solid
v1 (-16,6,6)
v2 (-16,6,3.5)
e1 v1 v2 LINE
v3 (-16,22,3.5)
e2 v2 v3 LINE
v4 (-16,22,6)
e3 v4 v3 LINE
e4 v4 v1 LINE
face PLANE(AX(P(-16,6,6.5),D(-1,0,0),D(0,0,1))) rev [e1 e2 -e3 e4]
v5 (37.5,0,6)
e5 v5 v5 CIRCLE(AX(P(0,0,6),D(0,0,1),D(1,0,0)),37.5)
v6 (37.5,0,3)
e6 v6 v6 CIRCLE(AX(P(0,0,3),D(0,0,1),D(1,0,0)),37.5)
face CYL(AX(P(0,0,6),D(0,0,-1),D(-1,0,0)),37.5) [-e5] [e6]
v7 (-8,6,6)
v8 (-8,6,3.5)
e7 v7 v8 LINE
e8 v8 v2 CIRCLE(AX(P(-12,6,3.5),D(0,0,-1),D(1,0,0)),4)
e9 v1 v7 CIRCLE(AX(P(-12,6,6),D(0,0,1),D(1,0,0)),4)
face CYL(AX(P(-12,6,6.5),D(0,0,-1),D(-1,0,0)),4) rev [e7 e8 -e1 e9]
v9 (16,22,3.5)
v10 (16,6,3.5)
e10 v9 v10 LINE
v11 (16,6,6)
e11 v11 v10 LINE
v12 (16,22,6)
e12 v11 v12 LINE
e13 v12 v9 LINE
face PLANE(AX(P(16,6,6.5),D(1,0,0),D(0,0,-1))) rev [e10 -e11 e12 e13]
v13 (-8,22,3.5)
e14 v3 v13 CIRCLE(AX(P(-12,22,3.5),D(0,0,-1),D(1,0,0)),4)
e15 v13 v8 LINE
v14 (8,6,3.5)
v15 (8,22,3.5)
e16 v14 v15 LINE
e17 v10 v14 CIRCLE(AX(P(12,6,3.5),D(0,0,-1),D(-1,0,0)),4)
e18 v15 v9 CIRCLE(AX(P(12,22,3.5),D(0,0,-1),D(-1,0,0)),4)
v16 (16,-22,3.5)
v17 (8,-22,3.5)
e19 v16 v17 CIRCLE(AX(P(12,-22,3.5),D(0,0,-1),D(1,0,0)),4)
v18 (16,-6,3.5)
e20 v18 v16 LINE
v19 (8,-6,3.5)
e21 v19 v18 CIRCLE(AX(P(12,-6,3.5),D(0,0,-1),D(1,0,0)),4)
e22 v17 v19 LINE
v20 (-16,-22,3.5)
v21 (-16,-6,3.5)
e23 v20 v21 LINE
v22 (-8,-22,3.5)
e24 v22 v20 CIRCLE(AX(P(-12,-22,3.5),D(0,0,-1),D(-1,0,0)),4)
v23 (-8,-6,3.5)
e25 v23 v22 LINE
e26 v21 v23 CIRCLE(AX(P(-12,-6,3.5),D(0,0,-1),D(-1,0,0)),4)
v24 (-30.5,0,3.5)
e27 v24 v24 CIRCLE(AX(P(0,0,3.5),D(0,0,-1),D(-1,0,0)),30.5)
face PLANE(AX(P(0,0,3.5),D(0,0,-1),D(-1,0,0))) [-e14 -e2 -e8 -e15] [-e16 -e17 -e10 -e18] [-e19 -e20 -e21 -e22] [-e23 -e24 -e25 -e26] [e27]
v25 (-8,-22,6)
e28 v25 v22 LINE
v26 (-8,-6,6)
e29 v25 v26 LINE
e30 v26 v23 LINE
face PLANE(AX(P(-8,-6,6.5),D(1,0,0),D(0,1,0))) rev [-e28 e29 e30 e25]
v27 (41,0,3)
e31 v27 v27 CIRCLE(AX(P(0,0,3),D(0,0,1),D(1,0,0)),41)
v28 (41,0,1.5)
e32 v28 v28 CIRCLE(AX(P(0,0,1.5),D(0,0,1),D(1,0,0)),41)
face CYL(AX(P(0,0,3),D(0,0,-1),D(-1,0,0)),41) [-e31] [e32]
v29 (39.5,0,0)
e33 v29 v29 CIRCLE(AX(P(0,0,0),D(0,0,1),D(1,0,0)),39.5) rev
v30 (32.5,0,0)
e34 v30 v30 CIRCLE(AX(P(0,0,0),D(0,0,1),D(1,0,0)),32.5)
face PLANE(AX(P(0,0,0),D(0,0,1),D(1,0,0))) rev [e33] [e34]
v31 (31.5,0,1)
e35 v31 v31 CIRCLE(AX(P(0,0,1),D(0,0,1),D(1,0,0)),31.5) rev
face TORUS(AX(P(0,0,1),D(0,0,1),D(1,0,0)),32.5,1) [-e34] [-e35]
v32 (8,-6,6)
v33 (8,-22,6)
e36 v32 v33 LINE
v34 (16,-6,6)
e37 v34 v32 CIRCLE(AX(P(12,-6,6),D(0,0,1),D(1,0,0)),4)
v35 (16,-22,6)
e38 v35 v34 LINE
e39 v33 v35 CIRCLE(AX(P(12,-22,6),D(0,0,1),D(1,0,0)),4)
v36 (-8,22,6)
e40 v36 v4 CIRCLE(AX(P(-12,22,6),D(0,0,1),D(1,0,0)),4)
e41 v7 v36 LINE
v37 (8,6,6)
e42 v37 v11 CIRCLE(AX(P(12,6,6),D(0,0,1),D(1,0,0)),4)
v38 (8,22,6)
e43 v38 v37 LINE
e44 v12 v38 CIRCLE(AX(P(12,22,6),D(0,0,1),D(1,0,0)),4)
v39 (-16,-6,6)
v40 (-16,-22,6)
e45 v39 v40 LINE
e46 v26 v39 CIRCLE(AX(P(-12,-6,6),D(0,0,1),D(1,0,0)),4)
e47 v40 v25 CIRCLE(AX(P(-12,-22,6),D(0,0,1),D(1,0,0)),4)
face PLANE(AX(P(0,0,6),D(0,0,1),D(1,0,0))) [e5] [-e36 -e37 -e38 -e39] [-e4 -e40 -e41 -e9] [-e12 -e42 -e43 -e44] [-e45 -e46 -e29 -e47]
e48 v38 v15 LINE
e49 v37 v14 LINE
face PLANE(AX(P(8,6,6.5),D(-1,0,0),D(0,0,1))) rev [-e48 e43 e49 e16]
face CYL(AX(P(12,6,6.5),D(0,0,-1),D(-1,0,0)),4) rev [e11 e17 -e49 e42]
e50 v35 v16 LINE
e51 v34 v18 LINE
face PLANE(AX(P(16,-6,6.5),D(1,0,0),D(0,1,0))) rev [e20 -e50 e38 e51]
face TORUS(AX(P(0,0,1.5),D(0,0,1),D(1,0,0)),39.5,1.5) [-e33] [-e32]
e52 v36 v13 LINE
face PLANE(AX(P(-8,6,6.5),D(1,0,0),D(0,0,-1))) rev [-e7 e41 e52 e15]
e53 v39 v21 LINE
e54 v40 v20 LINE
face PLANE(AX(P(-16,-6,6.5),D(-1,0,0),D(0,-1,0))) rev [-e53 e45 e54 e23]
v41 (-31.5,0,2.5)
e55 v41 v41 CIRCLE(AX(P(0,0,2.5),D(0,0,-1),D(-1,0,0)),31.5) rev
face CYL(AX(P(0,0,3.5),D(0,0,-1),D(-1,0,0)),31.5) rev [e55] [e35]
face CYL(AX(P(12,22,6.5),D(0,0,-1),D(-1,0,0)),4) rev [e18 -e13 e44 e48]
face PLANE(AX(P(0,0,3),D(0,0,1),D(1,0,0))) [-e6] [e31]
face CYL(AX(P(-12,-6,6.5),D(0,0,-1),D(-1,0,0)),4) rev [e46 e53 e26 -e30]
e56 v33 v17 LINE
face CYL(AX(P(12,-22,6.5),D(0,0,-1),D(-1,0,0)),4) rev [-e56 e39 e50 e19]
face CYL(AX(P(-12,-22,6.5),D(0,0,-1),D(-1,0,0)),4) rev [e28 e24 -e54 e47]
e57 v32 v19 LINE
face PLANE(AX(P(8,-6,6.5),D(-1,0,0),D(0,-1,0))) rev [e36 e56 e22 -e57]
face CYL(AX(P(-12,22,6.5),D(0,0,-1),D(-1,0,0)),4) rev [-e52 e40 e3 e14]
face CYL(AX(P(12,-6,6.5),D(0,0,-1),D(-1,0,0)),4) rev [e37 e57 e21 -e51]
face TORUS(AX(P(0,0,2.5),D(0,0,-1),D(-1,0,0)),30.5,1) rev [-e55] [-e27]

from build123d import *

# Parameters (mm, degrees)
SKETCH1_R           = 41
BOSS_EXTRUDE1_DEPTH = 3
SKETCH2_R           = 37.5
BOSS_EXTRUDE4_DEPTH = 3
SKETCH5_R           = 31.5
CUT_EXTRUDE3_DEPTH  = 3.5
CUT_EXTRUDE6_DEPTH  = 3
FILLET3_R           = 1
FILLET4_R           = 1.5
FILLET5_R           = 1


with BuildPart() as part:
    # Sketch1 → Boss-Extrude1 (new body)
    with BuildSketch(Plane.XY):
        Circle(SKETCH1_R)
    extrude(amount=BOSS_EXTRUDE1_DEPTH)

    # Sketch2 → Boss-Extrude4 (add)
    with BuildSketch(Plane.XY.offset(3)):
        Circle(SKETCH2_R)
    extrude(amount=BOSS_EXTRUDE4_DEPTH)

    # Sketch5 → Cut-Extrude3 (cut)
    with BuildSketch(Plane(origin=(0, 0, 0), x_dir=(-1, 0, 0), z_dir=(0, 0, -1))):
        Circle(SKETCH5_R)
    extrude(amount=-CUT_EXTRUDE3_DEPTH, mode=Mode.SUBTRACT)

    # Sketch6 → Cut-Extrude6 (cut)
    with BuildSketch(Plane(origin=(0, 0, 3.5), x_dir=(-1, 0, 0), z_dir=(0, 0, -1))):
        with BuildLine():
            Line((-16, 6), (-16, 22))
            ThreePointArc((-16, 22), (-12, 26), (-8, 22))
            Line((-8, 22), (-8, 6))
            ThreePointArc((-8, 6), (-12, 2), (-16, 6))
        make_face()
        with BuildLine():
            Line((16, 6), (16, 22))
            ThreePointArc((16, 22), (12, 26), (8, 22))
            Line((8, 22), (8, 6))
            ThreePointArc((8, 6), (12, 2), (16, 6))
        make_face()
        with BuildLine():
            Line((16, -6), (16, -22))
            ThreePointArc((16, -22), (12, -26), (8, -22))
            Line((8, -22), (8, -6))
            ThreePointArc((8, -6), (12, -2), (16, -6))
        make_face()
        with BuildLine():
            Line((-16, -6), (-16, -22))
            ThreePointArc((-16, -22), (-12, -26), (-8, -22))
            Line((-8, -22), (-8, -6))
            ThreePointArc((-8, -6), (-12, -2), (-16, -6))
        make_face()
    extrude(amount=-CUT_EXTRUDE6_DEPTH, mode=Mode.SUBTRACT)

    # Fillet3
    fillet3_edges = [part.edges().sort_by_distance(p)[0] for p in [
        (31.5, 0, 0),
    ]]
    fillet(fillet3_edges, radius=FILLET3_R)

    # Fillet4
    fillet4_edges = [part.edges().sort_by_distance(p)[0] for p in [
        (-41, 0, 0),
    ]]
    fillet(fillet4_edges, radius=FILLET4_R)

    # Fillet5
    fillet5_edges = [part.edges().sort_by_distance(p)[0] for p in [
        (31.5, 0, 3.5),
    ]]
    fillet(fillet5_edges, radius=FILLET5_R)


solid = part.part
